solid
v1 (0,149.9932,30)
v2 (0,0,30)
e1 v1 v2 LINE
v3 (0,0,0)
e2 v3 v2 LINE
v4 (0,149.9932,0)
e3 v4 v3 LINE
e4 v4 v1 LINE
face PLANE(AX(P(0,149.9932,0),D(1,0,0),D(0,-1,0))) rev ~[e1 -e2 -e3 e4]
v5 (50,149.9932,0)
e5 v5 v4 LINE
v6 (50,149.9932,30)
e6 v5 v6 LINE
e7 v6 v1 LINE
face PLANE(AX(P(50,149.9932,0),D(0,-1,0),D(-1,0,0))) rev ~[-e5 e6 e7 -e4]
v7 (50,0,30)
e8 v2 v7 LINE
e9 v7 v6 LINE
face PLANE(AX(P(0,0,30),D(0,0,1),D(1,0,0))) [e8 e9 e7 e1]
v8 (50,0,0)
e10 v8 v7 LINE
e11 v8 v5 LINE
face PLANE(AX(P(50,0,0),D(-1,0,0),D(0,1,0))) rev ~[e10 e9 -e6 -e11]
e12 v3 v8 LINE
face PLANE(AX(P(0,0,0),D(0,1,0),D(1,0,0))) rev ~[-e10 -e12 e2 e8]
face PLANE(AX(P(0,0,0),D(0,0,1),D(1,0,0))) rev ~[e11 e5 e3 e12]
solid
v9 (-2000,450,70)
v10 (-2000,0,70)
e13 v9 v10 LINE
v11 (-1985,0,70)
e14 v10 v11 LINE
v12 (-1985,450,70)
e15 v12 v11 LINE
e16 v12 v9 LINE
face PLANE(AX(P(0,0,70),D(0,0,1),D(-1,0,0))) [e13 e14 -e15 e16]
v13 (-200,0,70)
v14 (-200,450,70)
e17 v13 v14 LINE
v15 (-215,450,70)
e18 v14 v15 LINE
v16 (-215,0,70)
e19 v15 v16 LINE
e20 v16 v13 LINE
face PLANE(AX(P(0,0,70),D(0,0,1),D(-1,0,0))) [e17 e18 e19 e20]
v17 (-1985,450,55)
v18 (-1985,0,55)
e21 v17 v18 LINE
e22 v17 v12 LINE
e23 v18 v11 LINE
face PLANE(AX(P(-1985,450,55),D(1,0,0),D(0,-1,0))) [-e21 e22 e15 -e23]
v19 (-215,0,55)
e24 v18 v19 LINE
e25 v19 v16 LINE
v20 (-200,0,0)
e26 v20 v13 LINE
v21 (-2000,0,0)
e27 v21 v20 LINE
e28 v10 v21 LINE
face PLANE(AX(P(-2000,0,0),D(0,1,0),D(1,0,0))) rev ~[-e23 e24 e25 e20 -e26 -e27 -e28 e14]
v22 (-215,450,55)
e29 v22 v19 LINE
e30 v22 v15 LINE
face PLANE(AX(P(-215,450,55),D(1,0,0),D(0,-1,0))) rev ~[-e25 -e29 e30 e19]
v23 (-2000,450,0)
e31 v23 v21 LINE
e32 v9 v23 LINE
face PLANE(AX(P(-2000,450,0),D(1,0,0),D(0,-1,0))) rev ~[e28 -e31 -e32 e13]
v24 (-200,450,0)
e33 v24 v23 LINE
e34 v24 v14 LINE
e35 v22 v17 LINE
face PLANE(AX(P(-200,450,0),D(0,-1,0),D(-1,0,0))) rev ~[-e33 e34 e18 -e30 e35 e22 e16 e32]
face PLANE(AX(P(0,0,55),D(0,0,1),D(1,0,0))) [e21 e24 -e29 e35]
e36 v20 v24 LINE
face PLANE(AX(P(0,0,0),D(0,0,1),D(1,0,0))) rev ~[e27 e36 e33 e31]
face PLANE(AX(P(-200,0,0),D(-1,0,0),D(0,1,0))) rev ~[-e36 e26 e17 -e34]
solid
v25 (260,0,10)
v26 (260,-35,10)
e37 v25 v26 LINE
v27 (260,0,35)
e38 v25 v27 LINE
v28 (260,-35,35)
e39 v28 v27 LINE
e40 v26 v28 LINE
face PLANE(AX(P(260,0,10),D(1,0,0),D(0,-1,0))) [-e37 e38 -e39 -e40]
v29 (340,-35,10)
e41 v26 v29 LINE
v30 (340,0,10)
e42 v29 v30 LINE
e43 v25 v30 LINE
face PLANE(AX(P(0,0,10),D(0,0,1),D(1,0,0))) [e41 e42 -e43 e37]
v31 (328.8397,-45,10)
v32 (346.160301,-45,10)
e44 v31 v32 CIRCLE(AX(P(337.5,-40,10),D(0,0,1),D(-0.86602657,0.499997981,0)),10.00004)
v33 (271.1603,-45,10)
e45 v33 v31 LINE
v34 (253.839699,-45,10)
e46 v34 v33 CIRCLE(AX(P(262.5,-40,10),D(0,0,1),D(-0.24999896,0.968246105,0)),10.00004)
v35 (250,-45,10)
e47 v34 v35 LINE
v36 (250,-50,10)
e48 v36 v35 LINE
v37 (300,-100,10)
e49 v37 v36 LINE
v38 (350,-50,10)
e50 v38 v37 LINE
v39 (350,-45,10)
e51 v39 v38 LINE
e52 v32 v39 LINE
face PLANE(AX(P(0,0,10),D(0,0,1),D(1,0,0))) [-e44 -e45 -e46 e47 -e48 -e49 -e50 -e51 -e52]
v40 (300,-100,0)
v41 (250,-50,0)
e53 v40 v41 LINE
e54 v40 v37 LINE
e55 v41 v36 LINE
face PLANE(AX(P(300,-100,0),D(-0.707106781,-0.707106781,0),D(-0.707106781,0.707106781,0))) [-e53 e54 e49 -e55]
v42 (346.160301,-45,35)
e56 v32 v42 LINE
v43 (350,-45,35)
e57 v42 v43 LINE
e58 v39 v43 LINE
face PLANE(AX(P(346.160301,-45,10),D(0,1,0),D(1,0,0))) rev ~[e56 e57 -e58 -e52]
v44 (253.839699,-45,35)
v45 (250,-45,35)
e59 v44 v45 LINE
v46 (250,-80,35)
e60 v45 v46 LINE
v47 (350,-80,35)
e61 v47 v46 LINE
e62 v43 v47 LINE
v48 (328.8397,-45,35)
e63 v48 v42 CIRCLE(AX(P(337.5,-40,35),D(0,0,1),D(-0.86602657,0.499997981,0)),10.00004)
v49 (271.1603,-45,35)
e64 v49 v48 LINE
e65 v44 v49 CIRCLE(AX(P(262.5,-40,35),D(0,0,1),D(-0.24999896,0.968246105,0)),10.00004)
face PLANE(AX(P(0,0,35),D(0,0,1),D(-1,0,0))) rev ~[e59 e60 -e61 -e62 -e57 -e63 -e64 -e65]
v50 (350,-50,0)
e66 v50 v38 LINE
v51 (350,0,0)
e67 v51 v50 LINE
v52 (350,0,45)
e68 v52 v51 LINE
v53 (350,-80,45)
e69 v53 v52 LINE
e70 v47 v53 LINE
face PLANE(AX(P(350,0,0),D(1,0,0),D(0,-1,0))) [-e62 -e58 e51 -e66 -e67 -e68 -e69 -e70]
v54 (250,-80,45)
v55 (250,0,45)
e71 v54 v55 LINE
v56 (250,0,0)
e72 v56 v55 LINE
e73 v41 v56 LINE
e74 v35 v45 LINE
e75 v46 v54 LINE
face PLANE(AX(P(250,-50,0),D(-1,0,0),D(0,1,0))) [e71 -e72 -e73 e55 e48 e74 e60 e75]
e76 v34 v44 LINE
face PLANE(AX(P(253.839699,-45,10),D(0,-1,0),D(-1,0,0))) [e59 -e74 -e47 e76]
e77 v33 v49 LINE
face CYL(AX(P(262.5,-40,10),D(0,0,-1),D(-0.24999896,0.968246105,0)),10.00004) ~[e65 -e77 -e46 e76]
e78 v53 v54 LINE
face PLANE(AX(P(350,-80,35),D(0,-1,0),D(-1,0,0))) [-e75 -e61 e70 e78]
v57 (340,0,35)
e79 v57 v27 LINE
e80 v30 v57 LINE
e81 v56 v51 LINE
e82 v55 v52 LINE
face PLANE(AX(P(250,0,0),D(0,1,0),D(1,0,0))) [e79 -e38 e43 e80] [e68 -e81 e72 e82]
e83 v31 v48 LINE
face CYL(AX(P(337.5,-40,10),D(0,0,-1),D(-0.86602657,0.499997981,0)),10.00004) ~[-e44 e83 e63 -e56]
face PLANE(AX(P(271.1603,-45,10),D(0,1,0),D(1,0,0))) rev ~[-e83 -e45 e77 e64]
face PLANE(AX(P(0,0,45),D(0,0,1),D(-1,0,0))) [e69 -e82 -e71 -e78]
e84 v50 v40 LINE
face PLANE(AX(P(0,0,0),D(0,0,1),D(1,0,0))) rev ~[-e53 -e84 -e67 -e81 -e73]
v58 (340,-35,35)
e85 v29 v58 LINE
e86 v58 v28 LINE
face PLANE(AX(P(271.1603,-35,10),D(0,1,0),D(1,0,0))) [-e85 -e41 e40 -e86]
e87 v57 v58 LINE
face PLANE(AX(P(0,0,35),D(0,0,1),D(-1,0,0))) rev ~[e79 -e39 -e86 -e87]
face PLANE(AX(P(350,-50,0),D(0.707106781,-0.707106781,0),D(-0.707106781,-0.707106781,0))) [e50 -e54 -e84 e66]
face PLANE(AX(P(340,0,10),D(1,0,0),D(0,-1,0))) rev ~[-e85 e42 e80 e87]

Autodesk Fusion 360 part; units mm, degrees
sketch "Boceto1" plane through (0, 0, 0) normal (0, 0, 1) x (1, 0, 0)
  line L0 (0, 0) -> (50, 0)
  line L1 (50, 0) -> (50, 149.9932)
  line L2 (50, 149.9932) -> (0, 149.9932)
  line L3 (0, 149.9932) -> (0, 0)
  dimension "d1" = 50
extrude "Extruir1" add sketch "Boceto1" along normal blind 30 makes body 1
sketch "Boceto2" plane through (0, 0, 0) normal (0, 0, 1) x (1, 0, 0)
  line L0 (-200, 0) -> (-200, 450)
  line L1 (-200, 450) -> (-2000, 450)
  line L2 (-2000, 450) -> (-2000, 0)
  line L3 (-2000, 0) -> (-200, 0)
  dimension "d6" = 450
  dimension "d7" = 1800
extrude "Extruir2" add sketch "Boceto2" along normal blind 55 separate body makes body 2
sketch "Boceto3" plane through (0, 0, 0) normal (0, 0, 1) x (1, 0, 0)
  line L0 (250, 0) -> (350, 0)
  line L1 (350, 0) -> (350, -50)
  line L2 (250, -50) -> (250, 0)
  line L3 (350, 0) -> (250, 0)
  line L4 (250, 0) -> (250, -50)
  line L5 (250, -50) -> (350, -50)
  line L6 (350, -50) -> (350, 0)
  line L7 (350, -50) -> (300, -100)
  line L8 (300, -100) -> (250, -50)
  dimension "d10" = 100
  dimension "d12" = 50
extrude "Extruir3" add sketch "Boceto3" along normal blind 10 separate body makes body 3
sketch "Boceto4" plane through (0, 0, 10) normal (0, 0, 1) x (-1, 0, 0)
  line L0 (-350, 50) -> (-350, 0)
  line L1 (-350, 0) -> (-250, 0)
  line L2 (-250, 0) -> (-250, 50)
  line L3 (-250, 50) -> (-300, 100)
  line L4 (-300, 100) -> (-350, 50)
  line L5 (-250, 0) -> (-260, 0)
  line L6 (-260, 0) -> (-260, 45)
  line L7 (-260, 45) -> (-250, 45)
  line L8 (-250, 45) -> (-250, 0)
  line L9 (-350, 0) -> (-340, 0)
  line L10 (-340, 0) -> (-340, 45)
  line L11 (-340, 45) -> (-350, 45)
  line L12 (-350, 45) -> (-350, 0)
  line L13 (-337.5, 50) -> (-225, 50) construction
  line L14 (-260, 45) -> (-340, 45)
  line L15 (-260, 35) -> (-340, 35)
  line L16 (-262.5, 40) -> (-250, 40) construction
  line L17 (-337.5, 40) -> (-350, 40) construction
  arc A0 (-260, 30.3175) -> (-271.1603, 35) centre (-262.5, 40) ccw
  arc A1 (-328.8397, 35) -> (-340, 30.3175) centre (-337.5, 40) ccw
  dimension "d15" = 5
  dimension "d16" = 20
  dimension "d17" = 75
  dimension "d18" = 50
  dimension "d19" = 35
  dimension "d20" = 10
extrude "Extruir4" add sketch "Boceto4" along normal blind 25 contours L0 L1 L9 L10 L11 L12 A1 | L11 L14 A1 | L10 L11 A1 | L10 L14 L15 A1 | L14 L15 A0 A1 | L1 L2 L5 L6 L7 L8 A0 | L7 L14 A0 | L6 L14 L15 A0 | L6 L7 A0 bodies 3
sketch "Boceto5" plane through (0, 0, 35) normal (0, 0, 1) x (-1, 0, 0)
  arc A0 (-253.8397, 45) -> (-271.1603, 45) centre (-262.5, 40) ccw
  line L0 (-271.1603, 45) -> (-328.8397, 45)
  arc A1 (-328.8397, 45) -> (-346.1603, 45) centre (-337.5, 40) ccw
  line L1 (-346.1603, 45) -> (-350, 45)
  line L2 (-350, 45) -> (-350, 0)
  line L3 (-350, 0) -> (-340, 0)
  line L4 (-340, 0) -> (-340, 35)
  line L5 (-340, 35) -> (-260, 35)
  line L6 (-260, 35) -> (-260, 0)
  line L7 (-260, 0) -> (-250, 0)
  line L8 (-250, 0) -> (-250, 45)
  line L9 (-250, 45) -> (-253.8397, 45)
  line L10 (-250, 0) -> (-350, 0)
  line L11 (-350, 0) -> (-350, 80)
  line L12 (-350, 80) -> (-250, 80)
  line L13 (-250, 80) -> (-250, 0)
  dimension "d23" = 80
extrude "Extruir5" add sketch "Boceto5" along normal blind 10 bodies 3
sketch "Boceto6" plane through (0, 0, 55) normal (0, 0, 1) x (-1, 0, 0)
  line L0 (2000, 0) -> (200, 0)
  line L1 (200, 0) -> (200, -450)
  line L2 (200, -450) -> (2000, -450)
  line L3 (2000, -450) -> (2000, 0)
  line L4 (2000, -450) -> (1985, -450)
  line L5 (1985, -450) -> (1985, 0)
  line L6 (1985, 0) -> (2000, 0)
  line L7 (2000, 0) -> (2000, -450)
  line L8 (200, -450) -> (215, -450)
  line L9 (215, -450) -> (215, 0)
  line L10 (215, 0) -> (200, 0)
  line L11 (200, 0) -> (200, -450)
  dimension "d26" = 15
  dimension "d27" = 15
extrude "Extruir6" add sketch "Boceto6" along normal blind 15 contours L0 L2 L3 L4 L5 L6 L7 | L0 L1 L2 L8 L9 L10 L11 bodies 2
equation "d28 = 70 mm - 55 mm"
